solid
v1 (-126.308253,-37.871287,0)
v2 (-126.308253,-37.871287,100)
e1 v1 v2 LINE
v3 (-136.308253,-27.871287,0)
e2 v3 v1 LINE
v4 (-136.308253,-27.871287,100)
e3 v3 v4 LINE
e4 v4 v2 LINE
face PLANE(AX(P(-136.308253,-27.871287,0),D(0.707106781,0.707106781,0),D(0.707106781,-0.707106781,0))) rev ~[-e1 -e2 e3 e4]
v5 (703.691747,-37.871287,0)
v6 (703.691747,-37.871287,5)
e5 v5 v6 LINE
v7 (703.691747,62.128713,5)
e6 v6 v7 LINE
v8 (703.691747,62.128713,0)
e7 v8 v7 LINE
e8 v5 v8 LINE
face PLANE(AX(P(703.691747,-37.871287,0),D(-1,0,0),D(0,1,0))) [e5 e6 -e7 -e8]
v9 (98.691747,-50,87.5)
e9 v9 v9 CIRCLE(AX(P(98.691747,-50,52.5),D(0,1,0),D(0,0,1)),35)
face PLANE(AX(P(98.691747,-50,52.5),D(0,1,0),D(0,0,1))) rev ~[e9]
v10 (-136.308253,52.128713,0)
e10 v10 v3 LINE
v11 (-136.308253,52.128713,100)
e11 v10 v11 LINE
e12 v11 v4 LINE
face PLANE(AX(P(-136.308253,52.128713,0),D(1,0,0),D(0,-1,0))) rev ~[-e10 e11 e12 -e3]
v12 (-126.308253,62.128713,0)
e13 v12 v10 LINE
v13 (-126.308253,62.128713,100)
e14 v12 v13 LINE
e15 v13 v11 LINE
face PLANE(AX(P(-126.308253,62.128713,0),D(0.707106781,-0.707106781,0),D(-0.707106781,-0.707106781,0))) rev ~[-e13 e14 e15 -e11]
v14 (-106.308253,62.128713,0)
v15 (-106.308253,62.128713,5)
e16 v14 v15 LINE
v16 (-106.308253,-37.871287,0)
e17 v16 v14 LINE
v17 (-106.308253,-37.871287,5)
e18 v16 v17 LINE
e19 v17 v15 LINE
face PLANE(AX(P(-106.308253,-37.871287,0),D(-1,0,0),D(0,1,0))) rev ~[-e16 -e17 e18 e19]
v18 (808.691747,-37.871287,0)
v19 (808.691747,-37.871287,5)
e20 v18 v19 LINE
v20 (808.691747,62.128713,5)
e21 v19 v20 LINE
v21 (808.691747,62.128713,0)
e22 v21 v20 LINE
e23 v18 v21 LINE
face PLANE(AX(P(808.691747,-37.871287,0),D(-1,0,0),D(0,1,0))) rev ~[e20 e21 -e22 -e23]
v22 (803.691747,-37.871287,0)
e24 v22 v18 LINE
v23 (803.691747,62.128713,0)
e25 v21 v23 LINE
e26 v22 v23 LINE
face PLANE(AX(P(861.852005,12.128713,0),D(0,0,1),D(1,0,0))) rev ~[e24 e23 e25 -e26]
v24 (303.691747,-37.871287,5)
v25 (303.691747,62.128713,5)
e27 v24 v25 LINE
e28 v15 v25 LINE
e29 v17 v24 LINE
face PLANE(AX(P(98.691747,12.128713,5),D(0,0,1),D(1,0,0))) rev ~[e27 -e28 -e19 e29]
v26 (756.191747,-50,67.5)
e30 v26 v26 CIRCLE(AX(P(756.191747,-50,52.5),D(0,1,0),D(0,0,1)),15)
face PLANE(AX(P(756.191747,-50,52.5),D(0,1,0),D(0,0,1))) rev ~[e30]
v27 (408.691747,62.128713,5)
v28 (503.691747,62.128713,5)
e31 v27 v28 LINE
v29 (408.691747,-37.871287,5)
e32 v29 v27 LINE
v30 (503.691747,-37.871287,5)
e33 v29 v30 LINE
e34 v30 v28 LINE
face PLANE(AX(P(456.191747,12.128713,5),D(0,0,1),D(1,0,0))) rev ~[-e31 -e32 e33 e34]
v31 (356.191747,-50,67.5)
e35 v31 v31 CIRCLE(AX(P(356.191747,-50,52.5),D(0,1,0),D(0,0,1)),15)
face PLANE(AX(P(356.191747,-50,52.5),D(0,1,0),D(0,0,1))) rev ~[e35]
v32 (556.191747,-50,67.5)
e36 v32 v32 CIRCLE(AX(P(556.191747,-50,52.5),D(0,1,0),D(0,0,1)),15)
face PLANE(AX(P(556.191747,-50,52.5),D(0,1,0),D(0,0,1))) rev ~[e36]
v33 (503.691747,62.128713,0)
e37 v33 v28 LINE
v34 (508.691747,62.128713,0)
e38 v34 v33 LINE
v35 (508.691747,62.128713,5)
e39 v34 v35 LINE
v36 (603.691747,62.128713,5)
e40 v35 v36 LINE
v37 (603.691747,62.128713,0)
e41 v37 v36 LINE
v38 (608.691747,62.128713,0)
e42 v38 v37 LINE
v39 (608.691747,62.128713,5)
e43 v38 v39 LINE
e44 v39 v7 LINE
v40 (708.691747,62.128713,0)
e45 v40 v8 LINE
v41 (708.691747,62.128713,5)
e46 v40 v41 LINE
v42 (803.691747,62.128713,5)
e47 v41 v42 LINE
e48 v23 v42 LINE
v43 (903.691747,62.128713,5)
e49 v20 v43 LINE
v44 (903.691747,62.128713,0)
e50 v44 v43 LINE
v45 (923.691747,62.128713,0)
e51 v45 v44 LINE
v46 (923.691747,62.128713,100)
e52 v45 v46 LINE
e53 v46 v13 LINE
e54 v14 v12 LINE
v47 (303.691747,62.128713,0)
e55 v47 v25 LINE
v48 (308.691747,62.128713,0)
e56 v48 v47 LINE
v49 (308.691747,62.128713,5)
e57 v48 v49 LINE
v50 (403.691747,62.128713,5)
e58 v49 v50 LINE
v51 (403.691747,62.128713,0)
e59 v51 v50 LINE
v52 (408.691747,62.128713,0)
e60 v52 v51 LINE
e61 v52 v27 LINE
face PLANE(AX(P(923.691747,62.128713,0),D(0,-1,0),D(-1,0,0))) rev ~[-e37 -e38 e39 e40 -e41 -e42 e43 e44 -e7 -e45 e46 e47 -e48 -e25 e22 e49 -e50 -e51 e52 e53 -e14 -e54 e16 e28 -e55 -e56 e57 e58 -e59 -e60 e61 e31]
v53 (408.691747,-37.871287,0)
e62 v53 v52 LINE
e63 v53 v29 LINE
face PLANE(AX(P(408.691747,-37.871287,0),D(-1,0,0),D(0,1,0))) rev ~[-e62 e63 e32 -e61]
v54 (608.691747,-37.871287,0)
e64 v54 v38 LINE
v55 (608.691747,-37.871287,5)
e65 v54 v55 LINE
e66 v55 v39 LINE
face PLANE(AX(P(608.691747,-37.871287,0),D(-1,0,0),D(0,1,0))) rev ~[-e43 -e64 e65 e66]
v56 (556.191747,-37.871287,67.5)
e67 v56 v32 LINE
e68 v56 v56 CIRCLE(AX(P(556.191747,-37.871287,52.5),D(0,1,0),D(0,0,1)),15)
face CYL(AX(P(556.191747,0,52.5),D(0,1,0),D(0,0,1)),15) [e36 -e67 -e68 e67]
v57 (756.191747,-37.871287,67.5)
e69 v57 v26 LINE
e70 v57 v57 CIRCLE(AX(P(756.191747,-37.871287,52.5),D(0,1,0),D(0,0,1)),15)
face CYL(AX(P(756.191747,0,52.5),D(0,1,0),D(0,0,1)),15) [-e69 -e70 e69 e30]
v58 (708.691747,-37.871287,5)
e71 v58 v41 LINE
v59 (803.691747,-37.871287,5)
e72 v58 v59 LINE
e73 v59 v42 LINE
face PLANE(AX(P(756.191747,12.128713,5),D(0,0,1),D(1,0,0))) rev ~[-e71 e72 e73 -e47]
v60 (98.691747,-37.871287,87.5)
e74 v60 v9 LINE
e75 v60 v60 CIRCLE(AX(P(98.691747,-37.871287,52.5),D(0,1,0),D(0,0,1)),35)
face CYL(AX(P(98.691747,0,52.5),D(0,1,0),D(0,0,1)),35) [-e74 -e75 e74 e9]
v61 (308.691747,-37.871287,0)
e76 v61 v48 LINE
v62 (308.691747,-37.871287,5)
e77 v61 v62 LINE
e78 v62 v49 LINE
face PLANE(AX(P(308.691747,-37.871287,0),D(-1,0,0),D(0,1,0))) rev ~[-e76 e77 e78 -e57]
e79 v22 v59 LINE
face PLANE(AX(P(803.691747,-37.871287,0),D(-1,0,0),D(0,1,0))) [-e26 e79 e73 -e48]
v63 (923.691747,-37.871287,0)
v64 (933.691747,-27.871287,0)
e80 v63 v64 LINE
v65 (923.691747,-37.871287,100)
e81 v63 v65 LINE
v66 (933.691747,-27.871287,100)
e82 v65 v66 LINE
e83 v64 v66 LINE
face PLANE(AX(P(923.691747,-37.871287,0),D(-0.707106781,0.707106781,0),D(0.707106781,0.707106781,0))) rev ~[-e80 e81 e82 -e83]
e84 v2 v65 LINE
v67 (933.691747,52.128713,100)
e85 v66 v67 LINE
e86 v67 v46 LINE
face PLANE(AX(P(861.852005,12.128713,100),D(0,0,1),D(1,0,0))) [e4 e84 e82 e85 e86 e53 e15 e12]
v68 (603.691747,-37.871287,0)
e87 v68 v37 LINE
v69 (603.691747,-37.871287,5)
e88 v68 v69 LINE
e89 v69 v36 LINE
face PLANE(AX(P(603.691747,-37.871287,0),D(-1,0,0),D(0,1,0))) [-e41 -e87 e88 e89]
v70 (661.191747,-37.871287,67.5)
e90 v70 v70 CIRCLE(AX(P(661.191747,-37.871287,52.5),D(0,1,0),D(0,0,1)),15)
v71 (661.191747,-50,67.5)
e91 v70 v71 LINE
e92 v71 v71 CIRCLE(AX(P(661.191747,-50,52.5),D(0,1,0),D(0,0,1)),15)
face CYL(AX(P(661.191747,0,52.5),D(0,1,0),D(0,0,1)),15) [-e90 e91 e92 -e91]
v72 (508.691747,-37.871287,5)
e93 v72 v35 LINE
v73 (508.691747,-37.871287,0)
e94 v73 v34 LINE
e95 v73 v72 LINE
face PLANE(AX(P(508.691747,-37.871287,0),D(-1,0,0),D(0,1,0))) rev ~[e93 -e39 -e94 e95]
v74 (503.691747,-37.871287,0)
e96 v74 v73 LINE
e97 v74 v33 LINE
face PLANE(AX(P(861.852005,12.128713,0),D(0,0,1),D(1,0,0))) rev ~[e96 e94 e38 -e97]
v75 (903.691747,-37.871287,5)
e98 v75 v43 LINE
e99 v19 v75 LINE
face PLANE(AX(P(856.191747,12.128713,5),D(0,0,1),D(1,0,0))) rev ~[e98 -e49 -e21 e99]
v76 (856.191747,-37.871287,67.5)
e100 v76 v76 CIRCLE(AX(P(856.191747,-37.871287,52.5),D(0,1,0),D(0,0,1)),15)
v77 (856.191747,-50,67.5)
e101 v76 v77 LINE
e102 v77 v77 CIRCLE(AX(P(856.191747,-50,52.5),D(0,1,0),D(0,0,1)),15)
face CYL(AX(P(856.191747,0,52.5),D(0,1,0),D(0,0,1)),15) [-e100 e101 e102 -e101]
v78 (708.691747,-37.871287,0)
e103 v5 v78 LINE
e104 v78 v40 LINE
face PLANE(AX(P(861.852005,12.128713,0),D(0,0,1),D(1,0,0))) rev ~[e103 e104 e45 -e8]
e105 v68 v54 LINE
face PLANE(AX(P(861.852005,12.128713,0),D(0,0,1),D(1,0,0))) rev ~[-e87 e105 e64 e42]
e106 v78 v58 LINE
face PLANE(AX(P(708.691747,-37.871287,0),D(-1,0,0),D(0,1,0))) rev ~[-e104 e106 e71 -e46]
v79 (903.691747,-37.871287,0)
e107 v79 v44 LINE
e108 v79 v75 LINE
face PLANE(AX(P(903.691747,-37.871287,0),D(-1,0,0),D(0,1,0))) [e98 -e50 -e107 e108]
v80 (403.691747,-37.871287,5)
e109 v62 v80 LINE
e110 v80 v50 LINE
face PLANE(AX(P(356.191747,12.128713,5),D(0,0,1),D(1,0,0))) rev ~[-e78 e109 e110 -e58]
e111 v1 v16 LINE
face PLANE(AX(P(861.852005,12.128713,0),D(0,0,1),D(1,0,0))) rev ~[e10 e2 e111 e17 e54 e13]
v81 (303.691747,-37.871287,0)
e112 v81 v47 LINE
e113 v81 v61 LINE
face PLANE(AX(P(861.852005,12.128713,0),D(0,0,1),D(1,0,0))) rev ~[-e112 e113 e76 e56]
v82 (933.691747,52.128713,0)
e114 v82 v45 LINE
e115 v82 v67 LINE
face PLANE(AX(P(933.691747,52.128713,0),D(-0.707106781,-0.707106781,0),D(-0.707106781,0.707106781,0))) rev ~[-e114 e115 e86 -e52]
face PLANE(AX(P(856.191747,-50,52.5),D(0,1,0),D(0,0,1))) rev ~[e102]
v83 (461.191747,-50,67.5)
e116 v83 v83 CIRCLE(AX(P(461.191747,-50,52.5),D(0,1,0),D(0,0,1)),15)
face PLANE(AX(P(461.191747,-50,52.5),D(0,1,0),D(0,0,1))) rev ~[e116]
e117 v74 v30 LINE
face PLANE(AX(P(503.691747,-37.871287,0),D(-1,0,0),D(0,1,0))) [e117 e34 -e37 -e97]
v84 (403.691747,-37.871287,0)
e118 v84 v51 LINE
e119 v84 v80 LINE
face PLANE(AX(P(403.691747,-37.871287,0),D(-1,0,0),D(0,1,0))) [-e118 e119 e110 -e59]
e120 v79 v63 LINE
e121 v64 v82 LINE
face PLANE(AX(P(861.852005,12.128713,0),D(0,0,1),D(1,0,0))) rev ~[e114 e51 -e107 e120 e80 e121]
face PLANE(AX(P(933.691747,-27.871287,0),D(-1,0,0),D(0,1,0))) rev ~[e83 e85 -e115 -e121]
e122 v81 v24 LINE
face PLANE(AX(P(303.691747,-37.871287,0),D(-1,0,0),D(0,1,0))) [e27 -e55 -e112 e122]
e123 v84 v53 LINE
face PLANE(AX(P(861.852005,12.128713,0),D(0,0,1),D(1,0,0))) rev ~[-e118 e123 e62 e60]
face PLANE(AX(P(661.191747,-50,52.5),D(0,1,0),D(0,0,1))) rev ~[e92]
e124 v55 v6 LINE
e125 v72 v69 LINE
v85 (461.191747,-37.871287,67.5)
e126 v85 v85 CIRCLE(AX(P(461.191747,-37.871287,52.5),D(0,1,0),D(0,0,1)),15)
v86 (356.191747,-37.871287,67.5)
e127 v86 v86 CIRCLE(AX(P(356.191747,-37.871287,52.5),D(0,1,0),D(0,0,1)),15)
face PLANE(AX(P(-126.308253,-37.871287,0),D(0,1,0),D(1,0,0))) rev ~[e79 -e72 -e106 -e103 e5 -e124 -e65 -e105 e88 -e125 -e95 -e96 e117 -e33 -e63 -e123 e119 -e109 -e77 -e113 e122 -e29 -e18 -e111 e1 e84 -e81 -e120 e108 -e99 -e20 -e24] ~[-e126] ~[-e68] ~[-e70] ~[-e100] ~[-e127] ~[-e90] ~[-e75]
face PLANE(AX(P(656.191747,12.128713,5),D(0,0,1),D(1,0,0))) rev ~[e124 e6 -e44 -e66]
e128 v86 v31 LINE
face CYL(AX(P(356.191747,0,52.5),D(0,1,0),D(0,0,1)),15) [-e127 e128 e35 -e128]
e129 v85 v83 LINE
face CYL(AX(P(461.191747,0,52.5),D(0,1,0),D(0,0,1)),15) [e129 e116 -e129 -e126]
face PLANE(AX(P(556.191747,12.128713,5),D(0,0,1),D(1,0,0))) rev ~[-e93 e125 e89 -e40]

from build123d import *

# Parameters (mm, degrees)
CROQUIS1_W              = 100
CROQUIS1_H              = 100
SALIENTE_EXTRUIR2_DEPTH = 100
CROQUIS2_W              = 410
CROQUIS2_H              = 100
CROQUIS2_W_2            = 95
CORTAR_EXTRUIR2_DEPTH   = 5
CROQUIS3_R              = 15
CROQUIS3_R_2            = 35
SALIENTE_EXTRUIR3_DEPTH = 50


with BuildPart() as part:
    # Croquis1 → Saliente-Extruir2 (new body)
    with BuildSketch(Plane.XY):
        Polygon((793.691747165, 62.128712871), (793.691747165, -37.871287129), (893.691747165, -37.871287129), (923.691747165, -37.871287129), (933.691747165, -27.871287129), (933.691747165, 52.128712871), (923.691747165, 62.128712871), (893.691747165, 62.128712871), align=None)
        with Locations((743.691747165, 12.128712871)):
            Rectangle(CROQUIS1_W, CROQUIS1_H)
        with Locations((643.691747165, 12.128712871)):
            Rectangle(CROQUIS1_W, CROQUIS1_H)
        with Locations((543.691747165, 12.128712871)):
            Rectangle(CROQUIS1_W, CROQUIS1_H)
        with Locations((443.691747165, 12.128712871)):
            Rectangle(CROQUIS1_W, CROQUIS1_H)
        with Locations((343.691747165, 12.128712871)):
            Rectangle(CROQUIS1_W, CROQUIS1_H)
        Polygon((-126.308252835, -37.871287129), (-106.308252835, -37.871287129), (293.691747165, -37.871287129), (293.691747165, 62.128712871), (-106.308252835, 62.128712871), (-126.308252835, 62.128712871), (-136.308252835, 52.128712871), (-136.308252835, -27.871287129), align=None)
    extrude(amount=SALIENTE_EXTRUIR2_DEPTH)

    # Croquis2 → Cortar-Extruir2 (cut)
    with BuildSketch(Plane.XY):
        with Locations((98.691747165, 12.128712871)):
            Rectangle(CROQUIS2_W, CROQUIS2_H)
        with Locations((856.191747165, 12.128712871)):
            Rectangle(CROQUIS2_W_2, CROQUIS2_H)
        with Locations((756.191747165, 12.128712871)):
            Rectangle(CROQUIS2_W_2, CROQUIS2_H)
        with Locations((656.191747165, 12.128712871)):
            Rectangle(CROQUIS2_W_2, CROQUIS2_H)
        with Locations((556.191747165, 12.128712871)):
            Rectangle(CROQUIS2_W_2, CROQUIS2_H)
        with Locations((456.191747165, 12.128712871)):
            Rectangle(CROQUIS2_W_2, CROQUIS2_H)
        with Locations((356.191747165, 12.128712871)):
            Rectangle(CROQUIS2_W_2, CROQUIS2_H)
    extrude(amount=CORTAR_EXTRUIR2_DEPTH, mode=Mode.SUBTRACT)

    # Croquis3 → Saliente-Extruir3 (add)
    with BuildSketch(Plane(origin=(0, 0, 0), x_dir=(1, 0, 0), z_dir=(0, 1, 0))):
        with Locations(Location((856.191747165, -52.5, 0), (0, 0, 270))):
            Circle(CROQUIS3_R)
        with Locations(Location((756.191747165, -52.5, 0), (0, 0, 270))):
            Circle(CROQUIS3_R)
        with Locations(Location((661.191747165, -52.5, 0), (0, 0, 270))):
            Circle(CROQUIS3_R)
        with Locations(Location((556.191747165, -52.5, 0), (0, 0, 270))):
            Circle(CROQUIS3_R)
        with Locations(Location((461.191747165, -52.5, 0), (0, 0, 270))):
            Circle(CROQUIS3_R)
        with Locations(Location((356.191747165, -52.5, 0), (0, 0, 270))):
            Circle(CROQUIS3_R)
        with Locations(Location((98.691747165, -52.5, 0), (0, 0, 270))):
            Circle(CROQUIS3_R_2)
    extrude(amount=-SALIENTE_EXTRUIR3_DEPTH)


solid = part.part
